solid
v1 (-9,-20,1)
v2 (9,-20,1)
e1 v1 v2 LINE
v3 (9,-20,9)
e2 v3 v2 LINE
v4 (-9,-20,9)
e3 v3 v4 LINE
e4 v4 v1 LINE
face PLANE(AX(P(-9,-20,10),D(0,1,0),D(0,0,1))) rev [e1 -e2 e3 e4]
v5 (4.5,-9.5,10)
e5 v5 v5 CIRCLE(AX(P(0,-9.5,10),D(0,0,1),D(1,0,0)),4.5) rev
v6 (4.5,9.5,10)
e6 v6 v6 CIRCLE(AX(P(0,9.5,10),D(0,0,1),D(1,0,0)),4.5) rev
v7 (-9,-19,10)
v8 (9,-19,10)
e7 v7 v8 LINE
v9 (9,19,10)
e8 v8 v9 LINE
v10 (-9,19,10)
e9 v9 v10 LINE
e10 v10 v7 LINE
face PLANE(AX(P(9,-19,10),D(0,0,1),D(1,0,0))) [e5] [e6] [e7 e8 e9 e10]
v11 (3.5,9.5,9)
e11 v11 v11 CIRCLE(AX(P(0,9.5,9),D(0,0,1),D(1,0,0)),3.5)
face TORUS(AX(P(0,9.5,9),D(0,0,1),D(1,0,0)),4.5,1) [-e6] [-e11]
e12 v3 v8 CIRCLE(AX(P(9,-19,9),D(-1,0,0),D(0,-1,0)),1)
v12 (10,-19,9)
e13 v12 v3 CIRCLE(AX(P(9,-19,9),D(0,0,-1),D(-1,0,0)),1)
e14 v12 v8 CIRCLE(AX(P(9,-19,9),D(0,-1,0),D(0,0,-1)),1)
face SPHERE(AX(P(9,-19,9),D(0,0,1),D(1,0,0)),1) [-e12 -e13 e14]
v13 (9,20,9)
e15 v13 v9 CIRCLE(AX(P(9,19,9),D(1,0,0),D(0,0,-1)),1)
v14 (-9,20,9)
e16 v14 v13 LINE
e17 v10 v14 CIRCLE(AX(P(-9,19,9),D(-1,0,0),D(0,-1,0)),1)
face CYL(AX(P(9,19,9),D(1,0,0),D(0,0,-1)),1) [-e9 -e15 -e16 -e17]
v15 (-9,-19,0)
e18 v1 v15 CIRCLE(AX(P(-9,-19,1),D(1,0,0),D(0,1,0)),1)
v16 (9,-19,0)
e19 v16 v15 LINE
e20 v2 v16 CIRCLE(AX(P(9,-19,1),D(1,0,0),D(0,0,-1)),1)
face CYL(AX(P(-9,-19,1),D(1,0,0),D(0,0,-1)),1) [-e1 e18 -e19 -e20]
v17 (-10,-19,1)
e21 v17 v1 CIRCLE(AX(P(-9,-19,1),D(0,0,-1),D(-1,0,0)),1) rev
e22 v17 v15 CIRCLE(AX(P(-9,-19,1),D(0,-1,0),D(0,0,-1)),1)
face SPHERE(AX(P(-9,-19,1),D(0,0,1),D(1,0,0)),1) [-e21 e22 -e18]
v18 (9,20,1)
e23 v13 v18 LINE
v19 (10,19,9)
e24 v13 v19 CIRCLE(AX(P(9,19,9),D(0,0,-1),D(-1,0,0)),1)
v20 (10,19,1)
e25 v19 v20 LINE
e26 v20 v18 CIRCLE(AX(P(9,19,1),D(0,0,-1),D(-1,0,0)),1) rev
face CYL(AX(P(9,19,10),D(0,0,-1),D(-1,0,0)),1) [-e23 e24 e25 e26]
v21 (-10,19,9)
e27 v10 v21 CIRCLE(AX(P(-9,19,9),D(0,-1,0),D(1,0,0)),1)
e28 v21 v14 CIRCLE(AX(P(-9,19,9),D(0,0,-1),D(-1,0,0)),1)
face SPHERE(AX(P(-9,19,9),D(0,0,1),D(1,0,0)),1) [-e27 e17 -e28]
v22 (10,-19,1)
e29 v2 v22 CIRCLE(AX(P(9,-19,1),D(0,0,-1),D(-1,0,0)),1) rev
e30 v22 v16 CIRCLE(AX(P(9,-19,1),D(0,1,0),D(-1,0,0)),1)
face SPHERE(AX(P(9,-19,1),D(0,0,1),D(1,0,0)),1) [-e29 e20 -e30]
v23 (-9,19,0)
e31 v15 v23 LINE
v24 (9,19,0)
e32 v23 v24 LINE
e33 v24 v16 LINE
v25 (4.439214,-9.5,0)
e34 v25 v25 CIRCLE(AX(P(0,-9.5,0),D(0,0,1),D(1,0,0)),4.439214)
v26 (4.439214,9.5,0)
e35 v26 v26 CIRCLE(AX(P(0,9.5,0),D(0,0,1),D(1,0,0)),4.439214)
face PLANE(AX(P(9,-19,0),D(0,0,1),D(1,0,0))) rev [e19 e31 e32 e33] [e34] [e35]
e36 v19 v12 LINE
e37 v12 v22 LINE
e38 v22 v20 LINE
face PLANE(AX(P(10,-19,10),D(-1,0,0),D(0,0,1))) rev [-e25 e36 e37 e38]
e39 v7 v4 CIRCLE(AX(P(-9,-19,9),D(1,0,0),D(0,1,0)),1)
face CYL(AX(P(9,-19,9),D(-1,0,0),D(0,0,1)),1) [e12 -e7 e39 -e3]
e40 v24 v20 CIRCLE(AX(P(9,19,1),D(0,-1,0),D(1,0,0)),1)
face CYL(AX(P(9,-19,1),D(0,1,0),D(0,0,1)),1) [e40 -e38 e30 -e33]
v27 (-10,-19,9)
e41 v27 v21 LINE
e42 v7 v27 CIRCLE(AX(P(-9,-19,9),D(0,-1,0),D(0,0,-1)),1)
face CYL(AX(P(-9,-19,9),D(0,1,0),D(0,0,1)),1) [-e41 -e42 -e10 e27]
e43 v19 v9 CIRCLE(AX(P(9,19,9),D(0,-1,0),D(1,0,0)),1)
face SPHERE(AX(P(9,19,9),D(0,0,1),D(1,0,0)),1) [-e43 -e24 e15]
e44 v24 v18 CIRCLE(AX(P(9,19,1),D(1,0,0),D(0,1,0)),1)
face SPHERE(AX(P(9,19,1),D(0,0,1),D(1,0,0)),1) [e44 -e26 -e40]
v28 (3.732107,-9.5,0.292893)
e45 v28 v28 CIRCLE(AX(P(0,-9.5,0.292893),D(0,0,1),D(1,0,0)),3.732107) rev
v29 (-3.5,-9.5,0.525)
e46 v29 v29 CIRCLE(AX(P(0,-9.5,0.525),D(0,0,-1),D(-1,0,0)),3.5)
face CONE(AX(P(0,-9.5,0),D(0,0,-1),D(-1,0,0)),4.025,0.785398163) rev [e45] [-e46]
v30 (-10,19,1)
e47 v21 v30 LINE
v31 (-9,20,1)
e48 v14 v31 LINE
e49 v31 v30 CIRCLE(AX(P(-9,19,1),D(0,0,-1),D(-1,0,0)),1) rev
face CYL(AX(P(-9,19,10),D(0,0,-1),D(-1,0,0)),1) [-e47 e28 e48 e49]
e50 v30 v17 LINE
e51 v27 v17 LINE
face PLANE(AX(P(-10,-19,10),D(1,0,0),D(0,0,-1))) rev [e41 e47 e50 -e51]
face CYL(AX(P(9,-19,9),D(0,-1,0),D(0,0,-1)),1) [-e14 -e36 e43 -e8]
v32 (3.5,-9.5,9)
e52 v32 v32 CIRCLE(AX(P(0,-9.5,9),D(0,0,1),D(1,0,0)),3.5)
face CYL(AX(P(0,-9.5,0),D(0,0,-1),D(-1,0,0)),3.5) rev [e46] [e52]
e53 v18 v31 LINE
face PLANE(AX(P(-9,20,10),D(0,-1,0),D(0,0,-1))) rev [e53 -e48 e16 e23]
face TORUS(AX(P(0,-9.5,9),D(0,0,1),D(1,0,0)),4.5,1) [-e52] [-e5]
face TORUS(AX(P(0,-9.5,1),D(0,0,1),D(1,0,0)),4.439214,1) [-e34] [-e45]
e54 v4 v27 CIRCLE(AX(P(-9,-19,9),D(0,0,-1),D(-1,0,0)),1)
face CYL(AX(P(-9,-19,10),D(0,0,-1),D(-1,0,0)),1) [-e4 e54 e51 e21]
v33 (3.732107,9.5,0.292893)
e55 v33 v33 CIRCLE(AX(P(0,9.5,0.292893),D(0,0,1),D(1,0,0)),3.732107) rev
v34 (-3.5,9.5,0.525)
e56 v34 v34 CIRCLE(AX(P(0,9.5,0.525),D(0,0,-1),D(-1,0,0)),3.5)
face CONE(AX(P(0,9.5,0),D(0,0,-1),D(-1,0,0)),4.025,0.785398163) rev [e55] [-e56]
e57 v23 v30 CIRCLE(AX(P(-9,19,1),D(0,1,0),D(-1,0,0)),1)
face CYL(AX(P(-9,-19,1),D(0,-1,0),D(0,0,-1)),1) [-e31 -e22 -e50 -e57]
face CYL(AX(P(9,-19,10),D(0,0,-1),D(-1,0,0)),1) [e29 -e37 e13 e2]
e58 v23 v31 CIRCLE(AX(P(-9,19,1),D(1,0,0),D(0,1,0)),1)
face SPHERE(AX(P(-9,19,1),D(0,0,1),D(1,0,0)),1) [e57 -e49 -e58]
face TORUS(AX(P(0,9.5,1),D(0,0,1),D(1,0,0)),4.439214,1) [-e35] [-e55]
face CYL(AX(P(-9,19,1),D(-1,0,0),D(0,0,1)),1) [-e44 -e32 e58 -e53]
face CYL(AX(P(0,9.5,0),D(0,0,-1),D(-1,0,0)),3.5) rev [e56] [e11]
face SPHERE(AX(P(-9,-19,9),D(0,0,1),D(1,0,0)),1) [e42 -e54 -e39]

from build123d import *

# Parameters (mm, degrees)
BOSS_EXTRUDE1_DEPTH             = 10
M8X1_0_TAPPED_HOLE1_D           = 7
M8X1_0_TAPPED_HOLE1_CSINK_D     = 8.05
M8X1_0_TAPPED_HOLE1_CSINK_ANGLE = 90
FILLET1_R                       = 1


with BuildPart() as part:
    # Sketch1 → Boss-Extrude1 (new body)
    with BuildSketch(Plane.XY):
        with BuildLine():
            Line((-9, -20), (9, -20))
            ThreePointArc((9, -20), (9.707106781, -19.707106781), (10, -19))
            Line((10, -19), (10, 19))
            ThreePointArc((10, 19), (9.707106781, 19.707106781), (9, 20))
            Line((9, 20), (-9, 20))
            ThreePointArc((-9, 20), (-9.707106781, 19.707106781), (-10, 19))
            Line((-10, 19), (-10, -19))
            ThreePointArc((-10, -19), (-9.707106781, -19.707106781), (-9, -20))
        make_face()
    extrude(amount=BOSS_EXTRUDE1_DEPTH)

    # M8x1.0 Tapped Hole1 (through all)
    with Locations(Plane(origin=(0, 0, 0), x_dir=(-1, 0, 0), z_dir=(0, 0, -1))):
        with Locations((0, 9.5), (0, -9.5)):
            CounterSinkHole(M8X1_0_TAPPED_HOLE1_D / 2, M8X1_0_TAPPED_HOLE1_CSINK_D / 2, counter_sink_angle=M8X1_0_TAPPED_HOLE1_CSINK_ANGLE)

    # Fillet1
    fillet1_edges = [part.edges().sort_by_distance(p)[0] for p in [
        (9.707106781, 19.707106781, 10),
        (10, 0, 0),
        (9.707106781, -19.707106781, 0),
        (0, 20, 10),
        (-9.707106781, 19.707106781, 10),
        (-10, 0, 10),
        (-9.707106781, -19.707106781, 10),
        (0, -20, 10),
        (-4.025, -9.5, 0),
        (-3.5, -9.5, 10),
        (-4.025, 9.5, 0),
        (-3.5, 9.5, 10),
        (9.707106781, -19.707106781, 10),
        (10, 0, 10),
        (0, -20, 0),
        (-9.707106781, -19.707106781, 0),
        (-10, 0, 0),
        (-9.707106781, 19.707106781, 0),
        (0, 20, 0),
        (9.707106781, 19.707106781, 0),
    ]]
    fillet(fillet1_edges, radius=FILLET1_R)


solid = part.part
